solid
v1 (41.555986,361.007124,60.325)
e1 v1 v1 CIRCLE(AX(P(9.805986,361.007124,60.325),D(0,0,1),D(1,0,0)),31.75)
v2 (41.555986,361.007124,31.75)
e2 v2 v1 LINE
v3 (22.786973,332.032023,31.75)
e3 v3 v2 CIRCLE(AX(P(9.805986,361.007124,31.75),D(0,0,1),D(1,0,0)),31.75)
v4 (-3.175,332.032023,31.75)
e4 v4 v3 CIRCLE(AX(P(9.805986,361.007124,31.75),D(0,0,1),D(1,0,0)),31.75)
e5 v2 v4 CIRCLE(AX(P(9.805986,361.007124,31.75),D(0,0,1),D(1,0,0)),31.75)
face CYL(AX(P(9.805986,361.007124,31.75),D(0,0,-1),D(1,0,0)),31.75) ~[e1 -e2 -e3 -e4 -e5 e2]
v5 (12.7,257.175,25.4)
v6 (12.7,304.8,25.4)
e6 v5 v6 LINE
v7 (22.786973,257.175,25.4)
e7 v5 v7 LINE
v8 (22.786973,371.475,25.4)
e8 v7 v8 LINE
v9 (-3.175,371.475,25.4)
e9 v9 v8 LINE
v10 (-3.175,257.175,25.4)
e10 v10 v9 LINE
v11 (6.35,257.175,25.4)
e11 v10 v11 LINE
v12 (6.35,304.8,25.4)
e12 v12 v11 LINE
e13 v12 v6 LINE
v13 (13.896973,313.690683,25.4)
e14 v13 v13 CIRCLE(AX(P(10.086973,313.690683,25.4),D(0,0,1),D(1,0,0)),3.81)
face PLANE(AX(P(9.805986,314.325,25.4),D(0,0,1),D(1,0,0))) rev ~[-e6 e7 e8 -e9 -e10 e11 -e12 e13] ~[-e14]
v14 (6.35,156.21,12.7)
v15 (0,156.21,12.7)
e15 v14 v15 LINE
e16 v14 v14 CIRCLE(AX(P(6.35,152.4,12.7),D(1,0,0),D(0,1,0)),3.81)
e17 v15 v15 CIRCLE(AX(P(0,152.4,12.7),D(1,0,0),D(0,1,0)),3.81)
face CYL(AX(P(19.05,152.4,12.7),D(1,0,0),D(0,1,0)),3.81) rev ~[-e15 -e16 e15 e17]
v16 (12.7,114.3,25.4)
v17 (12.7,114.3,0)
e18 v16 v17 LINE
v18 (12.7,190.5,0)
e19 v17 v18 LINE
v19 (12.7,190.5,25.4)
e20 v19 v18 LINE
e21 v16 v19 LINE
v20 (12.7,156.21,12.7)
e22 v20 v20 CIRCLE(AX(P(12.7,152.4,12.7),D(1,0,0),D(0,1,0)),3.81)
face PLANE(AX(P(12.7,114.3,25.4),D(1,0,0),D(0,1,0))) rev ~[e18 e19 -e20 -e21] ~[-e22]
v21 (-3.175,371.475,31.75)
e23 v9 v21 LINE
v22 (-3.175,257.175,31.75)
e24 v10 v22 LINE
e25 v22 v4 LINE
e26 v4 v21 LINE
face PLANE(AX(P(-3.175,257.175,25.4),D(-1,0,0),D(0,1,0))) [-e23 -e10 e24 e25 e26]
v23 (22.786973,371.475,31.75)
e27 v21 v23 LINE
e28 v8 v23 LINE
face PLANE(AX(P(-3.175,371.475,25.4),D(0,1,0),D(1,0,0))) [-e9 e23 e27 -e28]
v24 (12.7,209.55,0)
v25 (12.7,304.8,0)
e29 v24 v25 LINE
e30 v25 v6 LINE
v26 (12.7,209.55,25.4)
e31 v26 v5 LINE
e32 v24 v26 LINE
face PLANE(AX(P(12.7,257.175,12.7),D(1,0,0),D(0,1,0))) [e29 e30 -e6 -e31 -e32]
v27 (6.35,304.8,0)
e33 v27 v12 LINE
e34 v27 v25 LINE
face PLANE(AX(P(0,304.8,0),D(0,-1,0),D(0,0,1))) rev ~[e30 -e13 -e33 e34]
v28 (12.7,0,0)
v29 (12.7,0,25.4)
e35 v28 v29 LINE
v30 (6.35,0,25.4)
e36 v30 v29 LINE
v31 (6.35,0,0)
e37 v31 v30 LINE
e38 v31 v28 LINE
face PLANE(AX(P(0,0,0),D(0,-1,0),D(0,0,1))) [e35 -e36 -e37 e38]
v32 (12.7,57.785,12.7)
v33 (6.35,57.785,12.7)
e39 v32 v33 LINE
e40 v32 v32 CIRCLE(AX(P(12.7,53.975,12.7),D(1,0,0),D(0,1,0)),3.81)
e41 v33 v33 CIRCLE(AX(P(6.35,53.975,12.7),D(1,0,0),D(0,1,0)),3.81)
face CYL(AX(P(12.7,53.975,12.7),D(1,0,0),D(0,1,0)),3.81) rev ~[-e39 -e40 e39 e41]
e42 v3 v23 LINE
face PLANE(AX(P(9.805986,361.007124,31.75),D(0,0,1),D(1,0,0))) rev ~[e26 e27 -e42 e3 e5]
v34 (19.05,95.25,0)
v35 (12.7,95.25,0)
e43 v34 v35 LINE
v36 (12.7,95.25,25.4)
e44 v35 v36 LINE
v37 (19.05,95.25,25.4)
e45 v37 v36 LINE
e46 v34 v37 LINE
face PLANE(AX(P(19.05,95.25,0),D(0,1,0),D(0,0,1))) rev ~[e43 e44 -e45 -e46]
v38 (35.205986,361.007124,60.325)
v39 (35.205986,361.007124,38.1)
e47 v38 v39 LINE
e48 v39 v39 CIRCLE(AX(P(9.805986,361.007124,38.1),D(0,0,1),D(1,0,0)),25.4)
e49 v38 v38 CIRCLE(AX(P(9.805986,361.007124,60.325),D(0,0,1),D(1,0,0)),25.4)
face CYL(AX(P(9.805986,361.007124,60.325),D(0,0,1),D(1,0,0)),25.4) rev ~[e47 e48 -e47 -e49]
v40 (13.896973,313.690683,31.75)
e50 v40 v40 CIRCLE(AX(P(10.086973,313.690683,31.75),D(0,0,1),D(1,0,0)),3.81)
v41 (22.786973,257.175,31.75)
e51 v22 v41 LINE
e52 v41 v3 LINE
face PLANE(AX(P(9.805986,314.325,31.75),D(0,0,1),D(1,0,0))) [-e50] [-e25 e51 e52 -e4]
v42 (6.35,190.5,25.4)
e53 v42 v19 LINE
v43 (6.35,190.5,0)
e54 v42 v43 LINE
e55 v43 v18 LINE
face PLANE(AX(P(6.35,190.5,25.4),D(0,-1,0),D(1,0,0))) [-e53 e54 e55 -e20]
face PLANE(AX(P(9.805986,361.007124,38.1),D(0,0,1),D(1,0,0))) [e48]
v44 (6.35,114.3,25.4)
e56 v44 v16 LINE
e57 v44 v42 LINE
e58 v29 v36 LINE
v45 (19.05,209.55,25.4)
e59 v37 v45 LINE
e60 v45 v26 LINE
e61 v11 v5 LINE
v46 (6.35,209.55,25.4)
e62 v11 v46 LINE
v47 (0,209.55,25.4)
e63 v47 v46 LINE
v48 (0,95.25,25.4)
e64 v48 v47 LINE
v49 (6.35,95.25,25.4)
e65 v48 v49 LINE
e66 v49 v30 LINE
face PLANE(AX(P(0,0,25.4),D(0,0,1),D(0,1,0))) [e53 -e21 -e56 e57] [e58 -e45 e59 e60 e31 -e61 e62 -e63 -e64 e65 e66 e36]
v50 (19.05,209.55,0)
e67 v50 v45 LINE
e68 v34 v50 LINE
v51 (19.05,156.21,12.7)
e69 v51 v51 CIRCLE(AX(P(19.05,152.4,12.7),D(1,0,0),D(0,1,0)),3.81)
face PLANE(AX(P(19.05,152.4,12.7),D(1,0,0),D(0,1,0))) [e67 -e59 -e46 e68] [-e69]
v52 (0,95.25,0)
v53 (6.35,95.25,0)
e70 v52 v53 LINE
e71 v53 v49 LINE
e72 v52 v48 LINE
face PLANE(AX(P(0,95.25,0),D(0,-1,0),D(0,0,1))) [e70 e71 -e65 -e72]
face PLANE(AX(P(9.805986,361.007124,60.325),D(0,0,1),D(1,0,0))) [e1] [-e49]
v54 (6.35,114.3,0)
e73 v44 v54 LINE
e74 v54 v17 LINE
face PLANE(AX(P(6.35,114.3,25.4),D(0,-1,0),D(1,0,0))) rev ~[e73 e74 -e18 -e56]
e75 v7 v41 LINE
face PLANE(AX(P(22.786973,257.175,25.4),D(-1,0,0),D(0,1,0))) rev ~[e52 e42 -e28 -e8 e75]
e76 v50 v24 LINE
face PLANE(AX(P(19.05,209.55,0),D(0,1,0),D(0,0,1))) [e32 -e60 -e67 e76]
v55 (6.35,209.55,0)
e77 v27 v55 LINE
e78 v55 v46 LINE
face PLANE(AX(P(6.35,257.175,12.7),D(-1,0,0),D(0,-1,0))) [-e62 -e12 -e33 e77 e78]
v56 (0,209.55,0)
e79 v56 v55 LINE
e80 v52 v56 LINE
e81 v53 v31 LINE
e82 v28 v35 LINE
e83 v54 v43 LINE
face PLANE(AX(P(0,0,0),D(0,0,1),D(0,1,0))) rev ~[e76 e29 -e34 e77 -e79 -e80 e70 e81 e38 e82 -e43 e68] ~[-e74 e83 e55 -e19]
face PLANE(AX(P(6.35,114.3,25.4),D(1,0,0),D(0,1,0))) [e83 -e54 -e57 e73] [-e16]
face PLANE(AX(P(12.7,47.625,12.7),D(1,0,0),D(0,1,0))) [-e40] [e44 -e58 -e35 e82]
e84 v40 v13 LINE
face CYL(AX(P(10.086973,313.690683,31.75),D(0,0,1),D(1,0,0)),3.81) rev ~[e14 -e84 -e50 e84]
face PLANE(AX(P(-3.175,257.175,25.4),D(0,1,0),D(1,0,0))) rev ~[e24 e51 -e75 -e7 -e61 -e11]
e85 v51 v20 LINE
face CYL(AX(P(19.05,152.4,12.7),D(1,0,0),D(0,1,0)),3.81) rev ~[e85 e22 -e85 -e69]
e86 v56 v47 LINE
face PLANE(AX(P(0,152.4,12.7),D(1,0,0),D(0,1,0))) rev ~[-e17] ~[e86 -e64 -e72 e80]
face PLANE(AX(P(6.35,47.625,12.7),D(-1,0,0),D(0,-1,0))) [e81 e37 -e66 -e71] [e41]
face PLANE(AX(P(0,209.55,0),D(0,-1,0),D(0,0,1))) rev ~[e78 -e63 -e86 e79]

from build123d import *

# Parameters (mm, degrees)
F0_W      = 304.8
F0_H      = 25.4
F1_DEPTH  = 19.05
F2_W      = 95.25
F2_H      = 25.4
F3_DEPTH  = 6.35
F4_W      = 95.25
F4_H      = 25.4
F5_DEPTH  = 6.35
F6_W      = 95.25
F6_H      = 25.4
F7_DEPTH  = 6.35
F8_W      = 95.25
F8_H      = 25.4
F9_DEPTH  = 6.35
F10_W     = 6.35
F10_H     = 76.2
F11_DEPTH = 25.4
F12_R     = 3.81
F13_DEPTH = 25.4
F14_W     = 25.961973
F14_H     = 114.3
F15_DEPTH = 6.35
F16_R     = 3.81
F17_DEPTH = 25.4
F18_R     = 3.81
F19_DEPTH = 25.4
F20_R     = 31.75
F21_DEPTH = 28.575
F22_R     = 25.4
F23_DEPTH = 22.225


with BuildPart() as f1:
    # F0 (on Right) → F1 (new body)
    with BuildSketch(Plane.YZ):
        with Locations((152.4, 12.7)):
            Rectangle(F0_W, F0_H)
    extrude(amount=F1_DEPTH)

    # F2 (on face) → F3 (cut)
    with BuildSketch(Plane.YZ.offset(19.05)):
        with Locations((47.625, 12.7)):
            Rectangle(F2_W, F2_H)
    extrude(amount=-F3_DEPTH, mode=Mode.SUBTRACT)

    # F4 (on face) → F5 (cut)
    with BuildSketch(Plane(origin=(0, 0, 0), x_dir=(0, -1, 0), z_dir=(-1, 0, 0))):
        with Locations((-47.625, 12.7)):
            Rectangle(F4_W, F4_H)
    extrude(amount=-F5_DEPTH, mode=Mode.SUBTRACT)

    # F6 (on face) → F7 (cut)
    with BuildSketch(Plane.YZ.offset(19.05)):
        with Locations((257.175, 12.7)):
            Rectangle(F6_W, F6_H)
    extrude(amount=-F7_DEPTH, mode=Mode.SUBTRACT)

    # F8 (on face) → F9 (cut)
    with BuildSketch(Plane(origin=(0, 0, 0), x_dir=(0, -1, 0), z_dir=(-1, 0, 0))):
        with Locations((-257.175, 12.7)):
            Rectangle(F8_W, F8_H)
    extrude(amount=-F9_DEPTH, mode=Mode.SUBTRACT)

    # F10 (on face) → F11 (cut)
    with BuildSketch(Plane.XY.offset(25.4)):
        with Locations((9.525, 152.4)):
            Rectangle(F10_W, F10_H)
    extrude(amount=-F11_DEPTH, mode=Mode.SUBTRACT)

    # F12 (on face) → F13 (cut)
    with BuildSketch(Plane.YZ.offset(19.05)):
        with Locations((152.4, 12.7)):
            Circle(F12_R)
    extrude(amount=-F13_DEPTH, mode=Mode.SUBTRACT)

    # F14 (on face) → F15 (join)
    with BuildSketch(Plane.XY.offset(25.4)):
        with Locations((9.805986, 314.325)):
            Rectangle(F14_W, F14_H)
    extrude(amount=F15_DEPTH)

    # F16 (on face) → F17 (cut)
    with BuildSketch(Plane.XY.offset(31.75)):
        with Locations((10.086973, 313.690683)):
            Circle(F16_R)
    extrude(amount=-F17_DEPTH, mode=Mode.SUBTRACT)

    # F18 (on face) → F19 (cut)
    with BuildSketch(Plane.YZ.offset(12.7)):
        with Locations((53.975, 12.7)):
            Circle(F18_R)
    extrude(amount=-F19_DEPTH, mode=Mode.SUBTRACT)

    # F20 (on face) → F21 (join)
    with BuildSketch(Plane.XY.offset(31.75)):
        with Locations((9.805986, 361.007124)):
            Circle(F20_R)
    extrude(amount=F21_DEPTH)

    # F22 (on face) → F23 (cut)
    with BuildSketch(Plane.XY.offset(60.325)):
        with Locations((9.805986, 361.007124)):
            Circle(F22_R)
    extrude(amount=-F23_DEPTH, mode=Mode.SUBTRACT)


solid = f1.part
